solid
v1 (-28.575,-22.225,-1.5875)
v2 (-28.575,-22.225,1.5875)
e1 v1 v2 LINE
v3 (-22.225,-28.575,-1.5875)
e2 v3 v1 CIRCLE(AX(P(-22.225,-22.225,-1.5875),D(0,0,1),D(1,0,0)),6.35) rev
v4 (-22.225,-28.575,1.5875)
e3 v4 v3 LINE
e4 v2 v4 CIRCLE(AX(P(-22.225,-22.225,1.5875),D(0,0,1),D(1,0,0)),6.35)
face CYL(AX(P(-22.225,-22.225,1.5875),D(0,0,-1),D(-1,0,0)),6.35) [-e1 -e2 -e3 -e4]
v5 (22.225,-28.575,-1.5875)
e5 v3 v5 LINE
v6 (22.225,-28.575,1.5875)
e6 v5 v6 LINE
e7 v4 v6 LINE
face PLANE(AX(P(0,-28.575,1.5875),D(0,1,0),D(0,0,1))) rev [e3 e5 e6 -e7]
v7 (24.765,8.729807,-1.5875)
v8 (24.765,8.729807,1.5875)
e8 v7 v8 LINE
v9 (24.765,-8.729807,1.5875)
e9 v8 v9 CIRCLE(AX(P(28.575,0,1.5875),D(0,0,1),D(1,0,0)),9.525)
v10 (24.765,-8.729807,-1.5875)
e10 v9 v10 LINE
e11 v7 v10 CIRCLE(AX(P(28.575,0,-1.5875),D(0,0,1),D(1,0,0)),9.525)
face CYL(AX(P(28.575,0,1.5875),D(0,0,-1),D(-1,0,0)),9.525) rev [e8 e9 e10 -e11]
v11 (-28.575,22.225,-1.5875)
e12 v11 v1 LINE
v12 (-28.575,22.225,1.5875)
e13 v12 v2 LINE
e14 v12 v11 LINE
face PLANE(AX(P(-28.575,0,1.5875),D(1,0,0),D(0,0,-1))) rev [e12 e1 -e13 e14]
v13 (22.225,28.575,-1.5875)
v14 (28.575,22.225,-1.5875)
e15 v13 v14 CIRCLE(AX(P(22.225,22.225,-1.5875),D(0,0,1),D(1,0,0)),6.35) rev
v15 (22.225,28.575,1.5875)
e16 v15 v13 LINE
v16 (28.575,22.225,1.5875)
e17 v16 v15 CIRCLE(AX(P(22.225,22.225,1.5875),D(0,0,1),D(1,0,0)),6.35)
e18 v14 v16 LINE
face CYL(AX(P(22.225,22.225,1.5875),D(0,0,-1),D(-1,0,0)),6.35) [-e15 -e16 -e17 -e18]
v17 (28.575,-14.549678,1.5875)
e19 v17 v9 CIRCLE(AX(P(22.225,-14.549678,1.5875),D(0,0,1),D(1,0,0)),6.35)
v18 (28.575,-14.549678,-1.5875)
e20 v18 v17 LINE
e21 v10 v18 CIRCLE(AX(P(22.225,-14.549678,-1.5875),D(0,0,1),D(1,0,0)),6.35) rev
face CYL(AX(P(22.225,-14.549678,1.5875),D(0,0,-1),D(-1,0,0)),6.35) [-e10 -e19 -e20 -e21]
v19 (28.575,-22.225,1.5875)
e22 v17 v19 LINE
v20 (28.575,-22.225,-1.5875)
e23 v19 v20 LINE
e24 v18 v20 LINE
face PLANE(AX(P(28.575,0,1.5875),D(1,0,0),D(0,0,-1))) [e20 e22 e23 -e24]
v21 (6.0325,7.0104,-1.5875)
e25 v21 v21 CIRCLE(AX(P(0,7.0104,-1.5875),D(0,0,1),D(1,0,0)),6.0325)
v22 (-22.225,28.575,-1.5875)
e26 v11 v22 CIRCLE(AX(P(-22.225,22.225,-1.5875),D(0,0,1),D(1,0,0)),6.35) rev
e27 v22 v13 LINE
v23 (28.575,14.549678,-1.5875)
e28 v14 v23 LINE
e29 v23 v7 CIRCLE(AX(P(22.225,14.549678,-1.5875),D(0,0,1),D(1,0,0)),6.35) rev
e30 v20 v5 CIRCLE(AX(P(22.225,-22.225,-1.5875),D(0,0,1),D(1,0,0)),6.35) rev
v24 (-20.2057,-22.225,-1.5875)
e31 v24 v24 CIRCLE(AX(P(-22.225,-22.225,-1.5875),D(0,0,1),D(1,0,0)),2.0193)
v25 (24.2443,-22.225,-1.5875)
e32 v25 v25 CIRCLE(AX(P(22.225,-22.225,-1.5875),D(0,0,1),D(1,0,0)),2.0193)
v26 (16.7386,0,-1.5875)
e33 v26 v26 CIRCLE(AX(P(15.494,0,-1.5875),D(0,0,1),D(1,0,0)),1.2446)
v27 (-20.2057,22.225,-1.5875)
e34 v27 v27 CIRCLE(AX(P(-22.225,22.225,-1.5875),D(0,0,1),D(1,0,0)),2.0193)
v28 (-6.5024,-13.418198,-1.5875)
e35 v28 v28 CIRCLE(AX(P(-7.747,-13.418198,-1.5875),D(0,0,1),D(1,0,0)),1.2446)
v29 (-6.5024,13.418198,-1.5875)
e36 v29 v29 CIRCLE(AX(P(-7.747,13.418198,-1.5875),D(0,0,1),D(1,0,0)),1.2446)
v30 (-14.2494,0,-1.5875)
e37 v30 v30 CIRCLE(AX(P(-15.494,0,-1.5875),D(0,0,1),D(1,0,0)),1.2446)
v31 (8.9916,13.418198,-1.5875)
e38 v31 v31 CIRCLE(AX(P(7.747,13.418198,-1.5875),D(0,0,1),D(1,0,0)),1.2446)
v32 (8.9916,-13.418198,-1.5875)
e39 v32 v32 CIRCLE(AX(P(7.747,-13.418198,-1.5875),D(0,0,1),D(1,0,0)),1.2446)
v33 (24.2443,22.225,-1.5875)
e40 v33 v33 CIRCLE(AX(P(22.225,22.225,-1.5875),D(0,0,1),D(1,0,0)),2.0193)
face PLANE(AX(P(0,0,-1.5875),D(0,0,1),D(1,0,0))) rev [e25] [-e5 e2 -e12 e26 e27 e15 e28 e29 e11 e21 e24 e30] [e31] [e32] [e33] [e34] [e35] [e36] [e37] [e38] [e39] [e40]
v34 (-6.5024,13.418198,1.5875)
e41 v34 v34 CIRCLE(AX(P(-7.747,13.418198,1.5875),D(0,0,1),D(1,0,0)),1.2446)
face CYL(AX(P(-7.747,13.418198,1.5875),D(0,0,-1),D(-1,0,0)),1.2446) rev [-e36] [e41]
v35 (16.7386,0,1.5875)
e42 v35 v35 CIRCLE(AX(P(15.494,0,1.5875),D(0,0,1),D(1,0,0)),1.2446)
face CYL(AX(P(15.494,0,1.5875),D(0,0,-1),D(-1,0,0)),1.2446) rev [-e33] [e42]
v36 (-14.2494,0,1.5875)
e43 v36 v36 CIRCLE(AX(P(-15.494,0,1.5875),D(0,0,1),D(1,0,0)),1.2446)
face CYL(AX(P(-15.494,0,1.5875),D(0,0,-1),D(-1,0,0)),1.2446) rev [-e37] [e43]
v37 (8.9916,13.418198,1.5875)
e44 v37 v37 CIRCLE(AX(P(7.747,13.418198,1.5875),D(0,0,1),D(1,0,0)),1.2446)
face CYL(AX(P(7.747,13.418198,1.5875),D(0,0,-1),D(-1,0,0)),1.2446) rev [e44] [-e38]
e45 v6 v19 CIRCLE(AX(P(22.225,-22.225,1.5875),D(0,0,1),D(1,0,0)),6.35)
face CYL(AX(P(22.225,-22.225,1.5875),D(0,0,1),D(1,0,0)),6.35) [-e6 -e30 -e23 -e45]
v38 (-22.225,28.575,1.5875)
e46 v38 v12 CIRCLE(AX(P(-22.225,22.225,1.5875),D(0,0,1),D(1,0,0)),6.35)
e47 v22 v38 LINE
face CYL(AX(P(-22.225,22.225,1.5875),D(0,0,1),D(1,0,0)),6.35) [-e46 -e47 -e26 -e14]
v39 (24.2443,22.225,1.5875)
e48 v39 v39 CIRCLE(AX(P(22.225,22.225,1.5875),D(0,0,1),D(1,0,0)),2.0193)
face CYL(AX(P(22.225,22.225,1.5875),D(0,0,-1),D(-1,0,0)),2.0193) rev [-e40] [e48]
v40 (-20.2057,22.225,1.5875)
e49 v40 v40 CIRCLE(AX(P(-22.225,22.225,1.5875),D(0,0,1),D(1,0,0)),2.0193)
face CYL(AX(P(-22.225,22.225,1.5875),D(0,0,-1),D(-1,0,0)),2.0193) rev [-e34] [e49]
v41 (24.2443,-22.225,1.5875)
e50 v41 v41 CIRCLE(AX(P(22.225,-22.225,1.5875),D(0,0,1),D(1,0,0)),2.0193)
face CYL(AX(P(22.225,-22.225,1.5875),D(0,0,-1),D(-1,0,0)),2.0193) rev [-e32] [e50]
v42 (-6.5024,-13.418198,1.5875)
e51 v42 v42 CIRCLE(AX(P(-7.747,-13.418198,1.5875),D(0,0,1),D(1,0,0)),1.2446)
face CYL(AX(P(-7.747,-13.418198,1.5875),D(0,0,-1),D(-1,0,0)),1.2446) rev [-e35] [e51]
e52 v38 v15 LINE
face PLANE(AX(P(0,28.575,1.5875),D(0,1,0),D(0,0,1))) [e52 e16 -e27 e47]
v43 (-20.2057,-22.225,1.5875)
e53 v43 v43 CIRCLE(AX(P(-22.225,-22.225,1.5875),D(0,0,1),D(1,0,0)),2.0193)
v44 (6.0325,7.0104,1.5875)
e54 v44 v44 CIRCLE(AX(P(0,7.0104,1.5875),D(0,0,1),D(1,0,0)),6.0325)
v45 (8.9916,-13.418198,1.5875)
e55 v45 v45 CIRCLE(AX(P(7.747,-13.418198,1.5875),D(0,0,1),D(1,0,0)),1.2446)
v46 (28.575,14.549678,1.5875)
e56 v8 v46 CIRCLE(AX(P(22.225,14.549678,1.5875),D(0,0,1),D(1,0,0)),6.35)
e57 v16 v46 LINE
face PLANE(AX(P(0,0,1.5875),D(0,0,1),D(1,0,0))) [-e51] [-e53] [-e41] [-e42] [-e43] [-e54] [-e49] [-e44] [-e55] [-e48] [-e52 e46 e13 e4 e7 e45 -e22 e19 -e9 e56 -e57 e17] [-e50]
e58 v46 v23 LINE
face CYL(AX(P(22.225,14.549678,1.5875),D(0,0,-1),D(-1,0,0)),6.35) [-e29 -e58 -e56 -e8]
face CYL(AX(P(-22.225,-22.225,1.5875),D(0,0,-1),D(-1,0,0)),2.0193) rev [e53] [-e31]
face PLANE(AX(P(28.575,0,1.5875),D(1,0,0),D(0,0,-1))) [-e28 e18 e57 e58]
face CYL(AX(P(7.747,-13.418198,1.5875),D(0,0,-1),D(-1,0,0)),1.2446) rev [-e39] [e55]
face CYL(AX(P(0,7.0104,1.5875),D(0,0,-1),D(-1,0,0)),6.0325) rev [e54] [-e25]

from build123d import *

# Parameters (mm, degrees)
SKETCH1_R           = 2.0193
SKETCH1_R_2         = 1.2446
SKETCH1_R_3         = 6.0325
BOSS_EXTRUDE1_DEPTH = 1.5875
FILLET2_R           = 6.35


with BuildPart() as part:
    # Sketch1 → Boss-Extrude1 (new, symmetric)
    with BuildSketch(Plane.XY):
        with BuildLine():
            Line((28.575, 28.575), (-28.575, 28.575))
            Line((-28.575, 28.575), (-28.575, -28.575))
            Line((-28.575, -28.575), (28.575, -28.575))
            Line((28.575, -28.575), (28.575, -9.525))
            ThreePointArc((28.575, -9.525), (19.05, 0), (28.575, 9.525))
            Line((28.575, 9.525), (28.575, 28.575))
        make_face()
        with Locations((-22.225, -22.225)):
            Circle(SKETCH1_R, mode=Mode.SUBTRACT)
        with Locations((-7.747, -13.418197606)):
            Circle(SKETCH1_R_2, mode=Mode.SUBTRACT)
        with Locations((22.225, -22.225)):
            Circle(SKETCH1_R, mode=Mode.SUBTRACT)
        with Locations((7.747, -13.418197606)):
            Circle(SKETCH1_R_2, mode=Mode.SUBTRACT)
        with Locations((15.494, 0)):
            Circle(SKETCH1_R_2, mode=Mode.SUBTRACT)
        with Locations((-15.494, 0)):
            Circle(SKETCH1_R_2, mode=Mode.SUBTRACT)
        with Locations((-7.747, 13.418197606)):
            Circle(SKETCH1_R_2, mode=Mode.SUBTRACT)
        with Locations((-22.225, 22.225)):
            Circle(SKETCH1_R, mode=Mode.SUBTRACT)
        with Locations((0, 7.0104)):
            Circle(SKETCH1_R_3, mode=Mode.SUBTRACT)
        with Locations((7.747, 13.418197606)):
            Circle(SKETCH1_R_2, mode=Mode.SUBTRACT)
        with Locations((22.225, 22.225)):
            Circle(SKETCH1_R, mode=Mode.SUBTRACT)
    extrude(amount=BOSS_EXTRUDE1_DEPTH, both=True)

    # Fillet2
    fillet2_edges = [part.edges().sort_by_distance(p)[0] for p in [
        (28.575, -9.525, 0),
        (28.575, -28.575, 0),
        (-28.575, -28.575, 0),
        (-28.575, 28.575, 0),
        (28.575, 28.575, 0),
        (28.575, 9.525, 0),
    ]]
    fillet(fillet2_edges, radius=FILLET2_R)


solid = part.part
